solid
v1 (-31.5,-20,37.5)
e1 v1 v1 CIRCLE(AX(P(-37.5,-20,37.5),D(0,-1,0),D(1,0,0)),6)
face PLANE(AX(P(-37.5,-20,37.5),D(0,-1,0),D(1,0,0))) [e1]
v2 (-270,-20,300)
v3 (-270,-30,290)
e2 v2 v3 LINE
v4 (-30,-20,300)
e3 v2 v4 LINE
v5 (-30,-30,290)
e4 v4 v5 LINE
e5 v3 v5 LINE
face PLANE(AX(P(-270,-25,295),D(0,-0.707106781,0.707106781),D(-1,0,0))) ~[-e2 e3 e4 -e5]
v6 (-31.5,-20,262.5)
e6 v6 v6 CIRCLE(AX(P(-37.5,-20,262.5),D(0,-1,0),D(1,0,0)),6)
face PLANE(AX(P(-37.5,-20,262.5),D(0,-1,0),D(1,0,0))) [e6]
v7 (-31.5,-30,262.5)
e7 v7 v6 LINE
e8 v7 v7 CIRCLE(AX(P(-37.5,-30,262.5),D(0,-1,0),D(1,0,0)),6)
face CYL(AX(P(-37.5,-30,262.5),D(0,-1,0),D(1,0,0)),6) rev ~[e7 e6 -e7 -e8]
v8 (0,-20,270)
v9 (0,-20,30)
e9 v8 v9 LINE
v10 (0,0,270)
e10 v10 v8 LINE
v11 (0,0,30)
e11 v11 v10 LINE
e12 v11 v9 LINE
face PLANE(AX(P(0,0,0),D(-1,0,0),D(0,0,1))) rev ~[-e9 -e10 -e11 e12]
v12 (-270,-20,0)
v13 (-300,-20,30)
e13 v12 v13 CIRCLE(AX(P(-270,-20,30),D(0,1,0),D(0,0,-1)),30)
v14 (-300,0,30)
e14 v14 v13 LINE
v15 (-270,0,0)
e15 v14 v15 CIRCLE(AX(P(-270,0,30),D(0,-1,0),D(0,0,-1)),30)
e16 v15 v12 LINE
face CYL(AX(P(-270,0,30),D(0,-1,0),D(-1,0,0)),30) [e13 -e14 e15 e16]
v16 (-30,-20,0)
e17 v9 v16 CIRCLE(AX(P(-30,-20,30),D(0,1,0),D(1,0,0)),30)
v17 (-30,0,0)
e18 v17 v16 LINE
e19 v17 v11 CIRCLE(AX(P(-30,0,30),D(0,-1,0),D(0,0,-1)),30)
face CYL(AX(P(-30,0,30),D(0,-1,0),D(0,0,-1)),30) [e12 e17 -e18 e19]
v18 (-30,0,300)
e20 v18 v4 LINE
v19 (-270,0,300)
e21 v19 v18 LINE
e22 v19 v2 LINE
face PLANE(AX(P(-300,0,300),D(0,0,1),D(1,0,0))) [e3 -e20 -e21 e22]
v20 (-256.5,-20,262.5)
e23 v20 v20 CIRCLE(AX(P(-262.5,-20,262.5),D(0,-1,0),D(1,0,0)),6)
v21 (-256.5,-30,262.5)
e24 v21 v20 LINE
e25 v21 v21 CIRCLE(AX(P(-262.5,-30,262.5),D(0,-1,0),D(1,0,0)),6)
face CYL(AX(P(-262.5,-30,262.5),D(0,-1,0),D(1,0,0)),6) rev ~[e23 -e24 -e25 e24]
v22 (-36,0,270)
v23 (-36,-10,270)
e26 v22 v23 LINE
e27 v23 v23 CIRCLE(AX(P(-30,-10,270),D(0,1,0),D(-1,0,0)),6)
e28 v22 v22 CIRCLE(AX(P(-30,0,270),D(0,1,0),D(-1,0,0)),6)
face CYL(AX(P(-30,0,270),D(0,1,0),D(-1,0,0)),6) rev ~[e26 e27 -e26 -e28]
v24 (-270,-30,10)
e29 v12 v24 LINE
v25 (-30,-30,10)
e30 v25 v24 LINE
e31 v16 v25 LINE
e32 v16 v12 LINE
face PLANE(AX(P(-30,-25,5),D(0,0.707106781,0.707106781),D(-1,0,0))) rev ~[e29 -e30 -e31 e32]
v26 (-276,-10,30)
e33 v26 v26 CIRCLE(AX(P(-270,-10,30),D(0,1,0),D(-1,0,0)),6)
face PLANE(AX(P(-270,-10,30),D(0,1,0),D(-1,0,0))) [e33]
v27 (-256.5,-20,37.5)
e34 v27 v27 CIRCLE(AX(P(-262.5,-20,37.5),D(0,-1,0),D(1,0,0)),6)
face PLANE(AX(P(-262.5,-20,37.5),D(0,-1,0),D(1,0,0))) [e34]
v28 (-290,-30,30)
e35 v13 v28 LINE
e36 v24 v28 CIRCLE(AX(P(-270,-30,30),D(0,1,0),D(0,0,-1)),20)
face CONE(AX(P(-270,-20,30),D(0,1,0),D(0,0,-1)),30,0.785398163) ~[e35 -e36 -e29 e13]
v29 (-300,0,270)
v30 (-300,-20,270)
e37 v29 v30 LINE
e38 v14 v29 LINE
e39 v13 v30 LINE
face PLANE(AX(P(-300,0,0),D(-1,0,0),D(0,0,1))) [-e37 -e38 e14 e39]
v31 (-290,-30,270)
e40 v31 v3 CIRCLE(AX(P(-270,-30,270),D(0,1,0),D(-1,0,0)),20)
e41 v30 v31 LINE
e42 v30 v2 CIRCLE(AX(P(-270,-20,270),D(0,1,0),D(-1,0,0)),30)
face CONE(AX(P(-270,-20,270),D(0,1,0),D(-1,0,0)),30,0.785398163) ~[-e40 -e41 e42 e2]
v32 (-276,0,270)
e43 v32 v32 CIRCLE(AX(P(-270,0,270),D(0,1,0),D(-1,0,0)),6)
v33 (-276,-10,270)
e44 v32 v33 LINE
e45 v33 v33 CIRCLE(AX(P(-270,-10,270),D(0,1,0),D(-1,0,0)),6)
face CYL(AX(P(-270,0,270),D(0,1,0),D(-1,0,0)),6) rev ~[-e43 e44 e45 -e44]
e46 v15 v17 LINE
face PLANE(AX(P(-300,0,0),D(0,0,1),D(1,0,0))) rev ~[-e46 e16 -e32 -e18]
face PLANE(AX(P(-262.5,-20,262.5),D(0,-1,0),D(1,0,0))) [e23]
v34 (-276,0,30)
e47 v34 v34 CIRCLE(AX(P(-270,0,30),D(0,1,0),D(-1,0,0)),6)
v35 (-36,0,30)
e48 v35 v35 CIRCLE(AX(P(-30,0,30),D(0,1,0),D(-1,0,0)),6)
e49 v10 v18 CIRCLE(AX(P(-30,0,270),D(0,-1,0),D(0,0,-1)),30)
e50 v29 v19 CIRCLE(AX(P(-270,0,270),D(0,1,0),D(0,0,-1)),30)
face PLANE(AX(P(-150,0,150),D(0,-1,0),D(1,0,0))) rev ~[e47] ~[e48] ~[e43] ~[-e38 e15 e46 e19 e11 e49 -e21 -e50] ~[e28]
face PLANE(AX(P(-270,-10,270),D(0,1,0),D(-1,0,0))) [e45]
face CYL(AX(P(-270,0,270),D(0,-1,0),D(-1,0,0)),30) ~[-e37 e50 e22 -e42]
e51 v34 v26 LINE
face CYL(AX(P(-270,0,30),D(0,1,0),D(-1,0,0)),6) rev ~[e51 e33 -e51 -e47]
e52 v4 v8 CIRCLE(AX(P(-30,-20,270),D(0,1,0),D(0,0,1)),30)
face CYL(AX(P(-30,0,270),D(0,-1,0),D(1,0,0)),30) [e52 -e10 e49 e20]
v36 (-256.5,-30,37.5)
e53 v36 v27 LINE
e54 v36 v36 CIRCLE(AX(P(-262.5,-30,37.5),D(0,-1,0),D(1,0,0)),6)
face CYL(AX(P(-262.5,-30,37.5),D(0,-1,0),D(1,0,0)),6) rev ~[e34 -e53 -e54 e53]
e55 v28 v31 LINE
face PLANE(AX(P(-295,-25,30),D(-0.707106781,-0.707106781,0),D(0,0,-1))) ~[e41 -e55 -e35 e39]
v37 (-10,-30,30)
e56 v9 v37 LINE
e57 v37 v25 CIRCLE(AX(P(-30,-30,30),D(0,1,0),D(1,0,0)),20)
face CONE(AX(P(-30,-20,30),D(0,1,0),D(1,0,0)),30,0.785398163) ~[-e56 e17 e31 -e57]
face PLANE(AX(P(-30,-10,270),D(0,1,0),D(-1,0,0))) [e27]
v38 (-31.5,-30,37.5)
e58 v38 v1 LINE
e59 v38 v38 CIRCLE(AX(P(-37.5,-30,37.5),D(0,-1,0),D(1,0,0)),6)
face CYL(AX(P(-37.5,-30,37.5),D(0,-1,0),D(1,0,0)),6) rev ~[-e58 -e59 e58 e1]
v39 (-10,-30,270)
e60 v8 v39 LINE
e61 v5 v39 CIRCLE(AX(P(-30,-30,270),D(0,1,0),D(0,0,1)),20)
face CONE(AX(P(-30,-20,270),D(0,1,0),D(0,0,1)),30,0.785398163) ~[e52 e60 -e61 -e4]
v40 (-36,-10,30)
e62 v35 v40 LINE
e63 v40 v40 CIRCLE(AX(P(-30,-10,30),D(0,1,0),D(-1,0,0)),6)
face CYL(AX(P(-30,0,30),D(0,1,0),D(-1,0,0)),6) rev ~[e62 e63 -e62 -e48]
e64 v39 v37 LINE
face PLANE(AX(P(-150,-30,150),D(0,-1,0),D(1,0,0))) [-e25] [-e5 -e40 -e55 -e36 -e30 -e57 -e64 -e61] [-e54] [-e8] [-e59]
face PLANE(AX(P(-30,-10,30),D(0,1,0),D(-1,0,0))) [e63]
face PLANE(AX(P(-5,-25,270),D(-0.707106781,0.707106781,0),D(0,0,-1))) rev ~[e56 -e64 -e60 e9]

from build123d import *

# Parameters (mm, degrees)
F0_W     = 300
F0_H     = 300
F1_DEPTH = 30
F2_R     = 30
F5_SIZE  = 10
F3_R     = 6
F4_R     = 6
F6_DEPTH = 10
F7_DEPTH = 10


with BuildPart() as f1:
    # F0 (on Front) → F1 (new body)
    with BuildSketch(Plane.XZ):
        with Locations((-150, 150)):
            Rectangle(F0_W, F0_H)
    extrude(amount=F1_DEPTH)

    # F2
    f2_edges = [f1.edges().sort_by_distance(p)[0] for p in [
        (-300, -15, 0),
        (0, -15, 0),
        (0, -15, 300),
        (-300, -15, 300),
    ]]
    fillet(f2_edges, radius=F2_R)

    # F5
    f5_edges = [f1.edges().sort_by_distance(p)[0] for p in [
        (-300, -30, 150),
    ]]
    chamfer(f5_edges, length=F5_SIZE)

    # F3 (on face) + F4 (on face) → F6 (cut)
    with BuildSketch(Plane.XZ.offset(30)):
        with Locations((-262.5, 262.5)):
            Circle(F3_R)
        with Locations((-262.5, 37.5)):
            Circle(F3_R)
        with Locations((-37.5, 37.5)):
            Circle(F3_R)
        with Locations((-37.5, 262.5)):
            Circle(F3_R)
    with BuildSketch(Plane(origin=(0, 0, 0), x_dir=(-1, 0, 0), z_dir=(0, 1, 0))):
        with Locations((30, 270)):
            Circle(F4_R)
        with Locations((270, 270)):
            Circle(F4_R)
        with Locations((270, 30)):
            Circle(F4_R)
        with Locations((30, 30)):
            Circle(F4_R)
    extrude(amount=-F6_DEPTH, mode=Mode.SUBTRACT)

    # F4 (on face) → F7 (cut)
    with BuildSketch(Plane(origin=(0, 0, 0), x_dir=(-1, 0, 0), z_dir=(0, 1, 0))):
        with Locations((30, 270)):
            Circle(F4_R)
        with Locations((270, 270)):
            Circle(F4_R)
        with Locations((270, 30)):
            Circle(F4_R)
        with Locations((30, 30)):
            Circle(F4_R)
    extrude(amount=-F7_DEPTH, mode=Mode.SUBTRACT)


solid = f1.part
